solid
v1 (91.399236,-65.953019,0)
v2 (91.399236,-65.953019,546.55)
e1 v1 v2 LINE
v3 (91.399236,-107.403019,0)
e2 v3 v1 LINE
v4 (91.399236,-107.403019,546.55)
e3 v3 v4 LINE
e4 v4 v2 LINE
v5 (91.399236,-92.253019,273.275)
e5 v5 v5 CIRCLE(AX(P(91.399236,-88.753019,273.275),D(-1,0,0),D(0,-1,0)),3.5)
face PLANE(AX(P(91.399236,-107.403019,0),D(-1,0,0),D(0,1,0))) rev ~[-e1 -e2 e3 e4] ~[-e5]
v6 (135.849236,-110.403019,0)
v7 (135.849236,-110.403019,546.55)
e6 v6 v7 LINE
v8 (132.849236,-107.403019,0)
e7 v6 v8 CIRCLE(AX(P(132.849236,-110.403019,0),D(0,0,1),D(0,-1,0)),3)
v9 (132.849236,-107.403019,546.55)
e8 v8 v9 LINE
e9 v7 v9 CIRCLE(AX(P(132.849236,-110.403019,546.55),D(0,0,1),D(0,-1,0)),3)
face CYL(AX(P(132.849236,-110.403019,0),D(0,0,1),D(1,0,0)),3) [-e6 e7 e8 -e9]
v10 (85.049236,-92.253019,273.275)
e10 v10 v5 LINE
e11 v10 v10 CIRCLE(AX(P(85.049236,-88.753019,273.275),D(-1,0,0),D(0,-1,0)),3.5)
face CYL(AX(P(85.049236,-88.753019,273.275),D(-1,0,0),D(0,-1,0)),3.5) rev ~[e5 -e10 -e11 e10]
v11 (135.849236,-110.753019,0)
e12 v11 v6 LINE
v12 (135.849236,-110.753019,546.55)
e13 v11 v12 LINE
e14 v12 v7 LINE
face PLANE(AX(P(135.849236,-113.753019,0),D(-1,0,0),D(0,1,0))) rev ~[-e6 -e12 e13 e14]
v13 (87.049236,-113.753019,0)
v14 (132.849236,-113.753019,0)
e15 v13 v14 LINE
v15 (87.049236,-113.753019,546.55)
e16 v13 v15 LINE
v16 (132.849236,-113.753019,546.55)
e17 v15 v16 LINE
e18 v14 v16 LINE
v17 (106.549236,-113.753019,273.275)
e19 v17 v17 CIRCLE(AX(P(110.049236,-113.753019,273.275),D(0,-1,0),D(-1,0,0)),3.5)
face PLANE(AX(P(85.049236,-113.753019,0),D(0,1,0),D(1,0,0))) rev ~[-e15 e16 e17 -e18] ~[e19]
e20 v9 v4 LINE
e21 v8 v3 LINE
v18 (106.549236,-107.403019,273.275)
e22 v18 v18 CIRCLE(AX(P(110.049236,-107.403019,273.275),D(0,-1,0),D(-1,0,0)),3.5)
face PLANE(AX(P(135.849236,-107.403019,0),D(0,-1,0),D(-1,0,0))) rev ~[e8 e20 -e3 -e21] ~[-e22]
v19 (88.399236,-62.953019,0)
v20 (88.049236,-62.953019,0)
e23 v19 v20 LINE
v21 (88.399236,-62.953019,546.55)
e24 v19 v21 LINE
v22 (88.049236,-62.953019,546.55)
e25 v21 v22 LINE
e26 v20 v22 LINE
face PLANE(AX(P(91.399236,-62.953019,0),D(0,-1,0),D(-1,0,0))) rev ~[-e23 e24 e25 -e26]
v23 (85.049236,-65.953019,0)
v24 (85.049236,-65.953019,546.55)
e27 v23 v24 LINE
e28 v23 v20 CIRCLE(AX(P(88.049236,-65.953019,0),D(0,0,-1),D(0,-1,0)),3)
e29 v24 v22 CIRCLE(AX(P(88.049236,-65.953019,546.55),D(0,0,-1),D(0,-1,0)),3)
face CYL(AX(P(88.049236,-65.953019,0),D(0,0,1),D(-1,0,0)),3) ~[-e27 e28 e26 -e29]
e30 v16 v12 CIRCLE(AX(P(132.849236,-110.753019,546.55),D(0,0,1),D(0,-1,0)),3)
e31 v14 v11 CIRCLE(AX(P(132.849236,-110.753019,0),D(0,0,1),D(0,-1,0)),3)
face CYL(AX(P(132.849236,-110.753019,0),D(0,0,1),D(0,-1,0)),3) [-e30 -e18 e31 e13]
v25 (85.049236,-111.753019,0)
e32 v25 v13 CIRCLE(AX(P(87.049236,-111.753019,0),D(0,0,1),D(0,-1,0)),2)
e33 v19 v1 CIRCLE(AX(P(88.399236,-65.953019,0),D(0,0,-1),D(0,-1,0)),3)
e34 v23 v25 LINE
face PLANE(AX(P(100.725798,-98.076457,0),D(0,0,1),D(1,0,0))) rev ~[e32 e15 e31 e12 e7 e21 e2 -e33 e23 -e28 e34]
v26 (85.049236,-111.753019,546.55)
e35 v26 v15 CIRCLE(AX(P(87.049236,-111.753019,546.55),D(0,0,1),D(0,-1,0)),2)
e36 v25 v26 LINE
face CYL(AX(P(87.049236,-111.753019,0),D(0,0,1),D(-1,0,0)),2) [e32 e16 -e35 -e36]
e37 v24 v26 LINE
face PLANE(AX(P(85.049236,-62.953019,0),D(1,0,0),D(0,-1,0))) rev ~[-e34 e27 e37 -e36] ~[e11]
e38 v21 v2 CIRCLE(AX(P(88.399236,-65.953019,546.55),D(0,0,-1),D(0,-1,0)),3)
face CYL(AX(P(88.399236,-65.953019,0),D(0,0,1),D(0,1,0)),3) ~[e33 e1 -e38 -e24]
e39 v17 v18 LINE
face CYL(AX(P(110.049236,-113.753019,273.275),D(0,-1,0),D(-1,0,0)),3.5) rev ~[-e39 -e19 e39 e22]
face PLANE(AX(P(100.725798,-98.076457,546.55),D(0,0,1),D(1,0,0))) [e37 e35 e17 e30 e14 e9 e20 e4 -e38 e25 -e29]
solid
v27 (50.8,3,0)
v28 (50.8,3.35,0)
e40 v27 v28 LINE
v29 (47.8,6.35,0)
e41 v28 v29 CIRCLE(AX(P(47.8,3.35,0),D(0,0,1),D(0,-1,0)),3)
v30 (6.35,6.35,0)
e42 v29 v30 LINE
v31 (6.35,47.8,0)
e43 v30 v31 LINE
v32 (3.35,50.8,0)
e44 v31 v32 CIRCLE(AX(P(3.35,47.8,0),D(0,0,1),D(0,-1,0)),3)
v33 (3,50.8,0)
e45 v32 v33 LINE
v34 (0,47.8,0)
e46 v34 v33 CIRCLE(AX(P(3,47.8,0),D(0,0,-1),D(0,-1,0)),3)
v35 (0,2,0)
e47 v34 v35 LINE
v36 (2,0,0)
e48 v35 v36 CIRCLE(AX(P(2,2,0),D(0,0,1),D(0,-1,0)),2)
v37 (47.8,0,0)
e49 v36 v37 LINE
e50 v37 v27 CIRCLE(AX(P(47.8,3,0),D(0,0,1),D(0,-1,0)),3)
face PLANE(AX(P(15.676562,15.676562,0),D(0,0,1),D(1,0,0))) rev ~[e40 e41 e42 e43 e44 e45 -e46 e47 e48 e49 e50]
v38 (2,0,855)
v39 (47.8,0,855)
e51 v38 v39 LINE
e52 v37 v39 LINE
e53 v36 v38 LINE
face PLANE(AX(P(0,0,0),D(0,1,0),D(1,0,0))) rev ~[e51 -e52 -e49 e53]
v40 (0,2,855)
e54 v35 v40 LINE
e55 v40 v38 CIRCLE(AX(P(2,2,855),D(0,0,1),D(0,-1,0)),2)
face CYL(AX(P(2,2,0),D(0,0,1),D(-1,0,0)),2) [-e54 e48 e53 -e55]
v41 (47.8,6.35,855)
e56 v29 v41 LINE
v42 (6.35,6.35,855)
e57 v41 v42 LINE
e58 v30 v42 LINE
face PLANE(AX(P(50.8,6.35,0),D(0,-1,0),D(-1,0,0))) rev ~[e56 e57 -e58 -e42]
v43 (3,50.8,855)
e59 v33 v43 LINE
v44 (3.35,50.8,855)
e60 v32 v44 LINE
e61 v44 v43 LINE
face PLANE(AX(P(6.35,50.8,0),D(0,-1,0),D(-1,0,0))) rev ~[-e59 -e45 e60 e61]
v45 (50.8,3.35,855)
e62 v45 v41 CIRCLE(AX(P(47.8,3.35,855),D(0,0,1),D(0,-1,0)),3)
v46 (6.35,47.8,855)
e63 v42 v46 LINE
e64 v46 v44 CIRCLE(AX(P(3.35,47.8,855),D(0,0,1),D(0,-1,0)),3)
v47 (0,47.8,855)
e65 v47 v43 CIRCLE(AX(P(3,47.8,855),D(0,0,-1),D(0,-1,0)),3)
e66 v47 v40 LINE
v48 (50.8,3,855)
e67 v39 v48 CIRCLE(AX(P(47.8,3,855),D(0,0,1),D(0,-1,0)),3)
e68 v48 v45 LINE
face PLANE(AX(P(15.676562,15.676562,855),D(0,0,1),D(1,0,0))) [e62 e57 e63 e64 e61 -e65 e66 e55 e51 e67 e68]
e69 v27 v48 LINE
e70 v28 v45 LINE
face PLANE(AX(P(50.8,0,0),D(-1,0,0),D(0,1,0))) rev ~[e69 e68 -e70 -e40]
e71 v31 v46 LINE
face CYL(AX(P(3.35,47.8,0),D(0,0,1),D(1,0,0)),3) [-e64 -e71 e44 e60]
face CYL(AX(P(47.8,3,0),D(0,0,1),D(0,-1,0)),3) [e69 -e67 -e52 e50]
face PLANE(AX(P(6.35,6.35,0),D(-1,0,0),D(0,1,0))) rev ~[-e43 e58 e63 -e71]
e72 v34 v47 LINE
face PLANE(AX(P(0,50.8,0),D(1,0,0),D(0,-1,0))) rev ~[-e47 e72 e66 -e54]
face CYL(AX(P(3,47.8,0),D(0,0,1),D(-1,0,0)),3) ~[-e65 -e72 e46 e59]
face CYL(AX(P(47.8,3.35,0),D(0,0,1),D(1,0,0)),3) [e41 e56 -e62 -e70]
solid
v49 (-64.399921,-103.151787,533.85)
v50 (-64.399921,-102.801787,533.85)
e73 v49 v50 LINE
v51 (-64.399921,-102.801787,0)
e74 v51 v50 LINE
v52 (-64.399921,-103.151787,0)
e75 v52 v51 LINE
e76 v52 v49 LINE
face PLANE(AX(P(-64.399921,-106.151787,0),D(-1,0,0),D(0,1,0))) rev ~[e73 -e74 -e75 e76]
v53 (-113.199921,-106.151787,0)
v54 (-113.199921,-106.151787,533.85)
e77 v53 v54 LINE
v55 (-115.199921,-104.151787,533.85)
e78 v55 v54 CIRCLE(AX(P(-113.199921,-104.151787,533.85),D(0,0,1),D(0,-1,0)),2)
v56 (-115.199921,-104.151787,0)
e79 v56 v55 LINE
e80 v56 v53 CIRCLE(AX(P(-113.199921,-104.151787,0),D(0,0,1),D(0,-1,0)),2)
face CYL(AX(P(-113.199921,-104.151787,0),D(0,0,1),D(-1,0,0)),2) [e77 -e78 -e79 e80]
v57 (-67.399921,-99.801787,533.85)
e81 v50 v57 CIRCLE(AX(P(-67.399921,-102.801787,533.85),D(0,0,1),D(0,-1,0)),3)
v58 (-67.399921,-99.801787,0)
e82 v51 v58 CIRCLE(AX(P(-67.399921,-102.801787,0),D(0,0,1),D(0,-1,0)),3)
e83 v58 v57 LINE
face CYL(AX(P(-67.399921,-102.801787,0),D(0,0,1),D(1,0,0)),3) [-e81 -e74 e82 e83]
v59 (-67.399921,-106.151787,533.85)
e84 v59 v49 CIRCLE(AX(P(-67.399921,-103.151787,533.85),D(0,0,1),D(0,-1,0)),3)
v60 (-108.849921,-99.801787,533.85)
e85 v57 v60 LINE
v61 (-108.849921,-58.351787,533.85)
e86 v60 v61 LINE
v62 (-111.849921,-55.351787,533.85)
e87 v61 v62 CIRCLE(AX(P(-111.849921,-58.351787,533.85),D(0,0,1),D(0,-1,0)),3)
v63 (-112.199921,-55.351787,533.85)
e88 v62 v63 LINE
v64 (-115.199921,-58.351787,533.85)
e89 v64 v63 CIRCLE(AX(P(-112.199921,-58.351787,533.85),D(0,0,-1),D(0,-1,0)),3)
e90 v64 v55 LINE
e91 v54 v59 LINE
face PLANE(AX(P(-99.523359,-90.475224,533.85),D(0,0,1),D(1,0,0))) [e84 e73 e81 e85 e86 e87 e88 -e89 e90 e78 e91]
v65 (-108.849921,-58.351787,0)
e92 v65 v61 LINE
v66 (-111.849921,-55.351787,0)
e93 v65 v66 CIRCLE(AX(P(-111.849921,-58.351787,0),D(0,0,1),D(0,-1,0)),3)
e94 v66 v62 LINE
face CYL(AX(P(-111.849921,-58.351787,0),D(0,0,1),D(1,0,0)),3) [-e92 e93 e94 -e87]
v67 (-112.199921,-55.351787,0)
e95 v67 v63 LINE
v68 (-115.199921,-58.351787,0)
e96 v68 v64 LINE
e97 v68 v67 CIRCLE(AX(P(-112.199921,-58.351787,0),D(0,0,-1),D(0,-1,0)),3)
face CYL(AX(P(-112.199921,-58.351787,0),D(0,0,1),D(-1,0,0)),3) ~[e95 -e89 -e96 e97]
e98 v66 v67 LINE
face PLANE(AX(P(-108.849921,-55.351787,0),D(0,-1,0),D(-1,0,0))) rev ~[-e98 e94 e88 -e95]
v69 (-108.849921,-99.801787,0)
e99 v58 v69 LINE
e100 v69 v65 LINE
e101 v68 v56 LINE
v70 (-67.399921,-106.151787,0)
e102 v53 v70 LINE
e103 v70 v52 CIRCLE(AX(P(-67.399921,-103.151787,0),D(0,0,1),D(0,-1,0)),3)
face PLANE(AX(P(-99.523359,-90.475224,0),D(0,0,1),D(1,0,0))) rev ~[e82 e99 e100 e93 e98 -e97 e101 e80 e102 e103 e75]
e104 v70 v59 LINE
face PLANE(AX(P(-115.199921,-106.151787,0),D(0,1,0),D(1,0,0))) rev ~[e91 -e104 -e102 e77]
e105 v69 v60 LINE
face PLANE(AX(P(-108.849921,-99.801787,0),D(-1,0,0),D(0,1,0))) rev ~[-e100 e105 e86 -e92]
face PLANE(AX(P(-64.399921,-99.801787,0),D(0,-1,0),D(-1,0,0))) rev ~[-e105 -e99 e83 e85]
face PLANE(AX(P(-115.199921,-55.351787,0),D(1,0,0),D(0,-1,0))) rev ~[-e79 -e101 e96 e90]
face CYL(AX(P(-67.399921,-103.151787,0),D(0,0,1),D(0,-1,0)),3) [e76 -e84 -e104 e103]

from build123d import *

# Parameters (mm, degrees)
F1_DEPTH = 855
F2_DEPTH = 546.55
F3_DEPTH = 533.85
F4_R     = 3.5
F5_DEPTH = 6.35
F7_DEPTH = 6.35
F8_R     = 3
F8_2_R   = 3
F8_3_R   = 3
F9_R     = 2
F9_2_R   = 2
F9_3_R   = 2


with BuildPart() as f1:
    # F0 (on Top) → F1 (new body)
    with BuildSketch(Plane.XY):
        Polygon((0, 50.8), (0, 0), (50.8, 0), (50.8, 6.35), (6.35, 6.35), (6.35, 50.8), align=None)
    extrude(amount=F1_DEPTH)

    # F8#3
    f8_3_edges = [f1.edges().sort_by_distance(p)[0] for p in [
        (6.35, 50.8, 427.5),
        (0, 50.8, 427.5),
        (50.8, 6.35, 427.5),
        (50.8, 0, 427.5),
    ]]
    fillet(f8_3_edges, radius=F8_3_R)

    # F9#3
    f9_3_edges = [f1.edges().sort_by_distance(p)[0] for p in [
        (0, 0, 427.5),
    ]]
    fillet(f9_3_edges, radius=F9_3_R)


with BuildPart() as f2:
    # F0 (on Top) → F2 (new body)
    with BuildSketch(Plane.XY):
        Polygon((85.049236, -62.953019), (85.049236, -113.753019), (135.849236, -113.753019), (135.849236, -107.403019), (91.399236, -107.403019), (91.399236, -62.953019), align=None)
    extrude(amount=F2_DEPTH)

    # F4 (on face) → F5 (cut, through all)
    with BuildSketch(Plane(origin=(85.049236, 0, 0), x_dir=(0, -1, 0), z_dir=(-1, 0, 0))):
        with Locations((88.753019, 273.275)):
            Circle(F4_R)
    extrude(amount=-F5_DEPTH, mode=Mode.SUBTRACT)

    # F6 (on face) → F7 (cut, through all)
    with BuildSketch(Plane.XZ.offset(113.753019)):
        with BuildLine():
            ThreePointArc((113.549236, 273.275), (110.049236, 276.775), (106.549236, 273.275))
            ThreePointArc((106.549236, 273.275), (110.049236, 269.775), (113.549236, 273.275))
        make_face()
    extrude(amount=-F7_DEPTH, mode=Mode.SUBTRACT)

    # F8#2
    f8_2_edges = [f2.edges().sort_by_distance(p)[0] for p in [
        (135.849236, -113.753019, 273.275),
        (85.049236, -62.953019, 273.275),
        (91.399236, -62.953019, 273.275),
        (135.849236, -107.403019, 273.275),
    ]]
    fillet(f8_2_edges, radius=F8_2_R)

    # F9#2
    f9_2_edges = [f2.edges().sort_by_distance(p)[0] for p in [
        (85.049236, -113.753019, 273.275),
    ]]
    fillet(f9_2_edges, radius=F9_2_R)


with BuildPart() as f3:
    # F0 (on Top) → F3 (new body)
    with BuildSketch(Plane.XY):
        Polygon((-115.199921, -55.351787), (-115.199921, -106.151787), (-64.399921, -106.151787), (-64.399921, -99.801787), (-108.849921, -99.801787), (-108.849921, -55.351787), align=None)
    extrude(amount=F3_DEPTH)

    # F8
    f8_edges = [f3.edges().sort_by_distance(p)[0] for p in [
        (-64.399921, -106.151787, 266.925),
        (-64.399921, -99.801787, 266.925),
        (-108.849921, -55.351787, 266.925),
        (-115.199921, -55.351787, 266.925),
    ]]
    fillet(f8_edges, radius=F8_R)

    # F9
    f9_edges = [f3.edges().sort_by_distance(p)[0] for p in [
        (-115.199921, -106.151787, 266.925),
    ]]
    fillet(f9_edges, radius=F9_R)


solid = Compound([f1.part, f2.part, f3.part])
